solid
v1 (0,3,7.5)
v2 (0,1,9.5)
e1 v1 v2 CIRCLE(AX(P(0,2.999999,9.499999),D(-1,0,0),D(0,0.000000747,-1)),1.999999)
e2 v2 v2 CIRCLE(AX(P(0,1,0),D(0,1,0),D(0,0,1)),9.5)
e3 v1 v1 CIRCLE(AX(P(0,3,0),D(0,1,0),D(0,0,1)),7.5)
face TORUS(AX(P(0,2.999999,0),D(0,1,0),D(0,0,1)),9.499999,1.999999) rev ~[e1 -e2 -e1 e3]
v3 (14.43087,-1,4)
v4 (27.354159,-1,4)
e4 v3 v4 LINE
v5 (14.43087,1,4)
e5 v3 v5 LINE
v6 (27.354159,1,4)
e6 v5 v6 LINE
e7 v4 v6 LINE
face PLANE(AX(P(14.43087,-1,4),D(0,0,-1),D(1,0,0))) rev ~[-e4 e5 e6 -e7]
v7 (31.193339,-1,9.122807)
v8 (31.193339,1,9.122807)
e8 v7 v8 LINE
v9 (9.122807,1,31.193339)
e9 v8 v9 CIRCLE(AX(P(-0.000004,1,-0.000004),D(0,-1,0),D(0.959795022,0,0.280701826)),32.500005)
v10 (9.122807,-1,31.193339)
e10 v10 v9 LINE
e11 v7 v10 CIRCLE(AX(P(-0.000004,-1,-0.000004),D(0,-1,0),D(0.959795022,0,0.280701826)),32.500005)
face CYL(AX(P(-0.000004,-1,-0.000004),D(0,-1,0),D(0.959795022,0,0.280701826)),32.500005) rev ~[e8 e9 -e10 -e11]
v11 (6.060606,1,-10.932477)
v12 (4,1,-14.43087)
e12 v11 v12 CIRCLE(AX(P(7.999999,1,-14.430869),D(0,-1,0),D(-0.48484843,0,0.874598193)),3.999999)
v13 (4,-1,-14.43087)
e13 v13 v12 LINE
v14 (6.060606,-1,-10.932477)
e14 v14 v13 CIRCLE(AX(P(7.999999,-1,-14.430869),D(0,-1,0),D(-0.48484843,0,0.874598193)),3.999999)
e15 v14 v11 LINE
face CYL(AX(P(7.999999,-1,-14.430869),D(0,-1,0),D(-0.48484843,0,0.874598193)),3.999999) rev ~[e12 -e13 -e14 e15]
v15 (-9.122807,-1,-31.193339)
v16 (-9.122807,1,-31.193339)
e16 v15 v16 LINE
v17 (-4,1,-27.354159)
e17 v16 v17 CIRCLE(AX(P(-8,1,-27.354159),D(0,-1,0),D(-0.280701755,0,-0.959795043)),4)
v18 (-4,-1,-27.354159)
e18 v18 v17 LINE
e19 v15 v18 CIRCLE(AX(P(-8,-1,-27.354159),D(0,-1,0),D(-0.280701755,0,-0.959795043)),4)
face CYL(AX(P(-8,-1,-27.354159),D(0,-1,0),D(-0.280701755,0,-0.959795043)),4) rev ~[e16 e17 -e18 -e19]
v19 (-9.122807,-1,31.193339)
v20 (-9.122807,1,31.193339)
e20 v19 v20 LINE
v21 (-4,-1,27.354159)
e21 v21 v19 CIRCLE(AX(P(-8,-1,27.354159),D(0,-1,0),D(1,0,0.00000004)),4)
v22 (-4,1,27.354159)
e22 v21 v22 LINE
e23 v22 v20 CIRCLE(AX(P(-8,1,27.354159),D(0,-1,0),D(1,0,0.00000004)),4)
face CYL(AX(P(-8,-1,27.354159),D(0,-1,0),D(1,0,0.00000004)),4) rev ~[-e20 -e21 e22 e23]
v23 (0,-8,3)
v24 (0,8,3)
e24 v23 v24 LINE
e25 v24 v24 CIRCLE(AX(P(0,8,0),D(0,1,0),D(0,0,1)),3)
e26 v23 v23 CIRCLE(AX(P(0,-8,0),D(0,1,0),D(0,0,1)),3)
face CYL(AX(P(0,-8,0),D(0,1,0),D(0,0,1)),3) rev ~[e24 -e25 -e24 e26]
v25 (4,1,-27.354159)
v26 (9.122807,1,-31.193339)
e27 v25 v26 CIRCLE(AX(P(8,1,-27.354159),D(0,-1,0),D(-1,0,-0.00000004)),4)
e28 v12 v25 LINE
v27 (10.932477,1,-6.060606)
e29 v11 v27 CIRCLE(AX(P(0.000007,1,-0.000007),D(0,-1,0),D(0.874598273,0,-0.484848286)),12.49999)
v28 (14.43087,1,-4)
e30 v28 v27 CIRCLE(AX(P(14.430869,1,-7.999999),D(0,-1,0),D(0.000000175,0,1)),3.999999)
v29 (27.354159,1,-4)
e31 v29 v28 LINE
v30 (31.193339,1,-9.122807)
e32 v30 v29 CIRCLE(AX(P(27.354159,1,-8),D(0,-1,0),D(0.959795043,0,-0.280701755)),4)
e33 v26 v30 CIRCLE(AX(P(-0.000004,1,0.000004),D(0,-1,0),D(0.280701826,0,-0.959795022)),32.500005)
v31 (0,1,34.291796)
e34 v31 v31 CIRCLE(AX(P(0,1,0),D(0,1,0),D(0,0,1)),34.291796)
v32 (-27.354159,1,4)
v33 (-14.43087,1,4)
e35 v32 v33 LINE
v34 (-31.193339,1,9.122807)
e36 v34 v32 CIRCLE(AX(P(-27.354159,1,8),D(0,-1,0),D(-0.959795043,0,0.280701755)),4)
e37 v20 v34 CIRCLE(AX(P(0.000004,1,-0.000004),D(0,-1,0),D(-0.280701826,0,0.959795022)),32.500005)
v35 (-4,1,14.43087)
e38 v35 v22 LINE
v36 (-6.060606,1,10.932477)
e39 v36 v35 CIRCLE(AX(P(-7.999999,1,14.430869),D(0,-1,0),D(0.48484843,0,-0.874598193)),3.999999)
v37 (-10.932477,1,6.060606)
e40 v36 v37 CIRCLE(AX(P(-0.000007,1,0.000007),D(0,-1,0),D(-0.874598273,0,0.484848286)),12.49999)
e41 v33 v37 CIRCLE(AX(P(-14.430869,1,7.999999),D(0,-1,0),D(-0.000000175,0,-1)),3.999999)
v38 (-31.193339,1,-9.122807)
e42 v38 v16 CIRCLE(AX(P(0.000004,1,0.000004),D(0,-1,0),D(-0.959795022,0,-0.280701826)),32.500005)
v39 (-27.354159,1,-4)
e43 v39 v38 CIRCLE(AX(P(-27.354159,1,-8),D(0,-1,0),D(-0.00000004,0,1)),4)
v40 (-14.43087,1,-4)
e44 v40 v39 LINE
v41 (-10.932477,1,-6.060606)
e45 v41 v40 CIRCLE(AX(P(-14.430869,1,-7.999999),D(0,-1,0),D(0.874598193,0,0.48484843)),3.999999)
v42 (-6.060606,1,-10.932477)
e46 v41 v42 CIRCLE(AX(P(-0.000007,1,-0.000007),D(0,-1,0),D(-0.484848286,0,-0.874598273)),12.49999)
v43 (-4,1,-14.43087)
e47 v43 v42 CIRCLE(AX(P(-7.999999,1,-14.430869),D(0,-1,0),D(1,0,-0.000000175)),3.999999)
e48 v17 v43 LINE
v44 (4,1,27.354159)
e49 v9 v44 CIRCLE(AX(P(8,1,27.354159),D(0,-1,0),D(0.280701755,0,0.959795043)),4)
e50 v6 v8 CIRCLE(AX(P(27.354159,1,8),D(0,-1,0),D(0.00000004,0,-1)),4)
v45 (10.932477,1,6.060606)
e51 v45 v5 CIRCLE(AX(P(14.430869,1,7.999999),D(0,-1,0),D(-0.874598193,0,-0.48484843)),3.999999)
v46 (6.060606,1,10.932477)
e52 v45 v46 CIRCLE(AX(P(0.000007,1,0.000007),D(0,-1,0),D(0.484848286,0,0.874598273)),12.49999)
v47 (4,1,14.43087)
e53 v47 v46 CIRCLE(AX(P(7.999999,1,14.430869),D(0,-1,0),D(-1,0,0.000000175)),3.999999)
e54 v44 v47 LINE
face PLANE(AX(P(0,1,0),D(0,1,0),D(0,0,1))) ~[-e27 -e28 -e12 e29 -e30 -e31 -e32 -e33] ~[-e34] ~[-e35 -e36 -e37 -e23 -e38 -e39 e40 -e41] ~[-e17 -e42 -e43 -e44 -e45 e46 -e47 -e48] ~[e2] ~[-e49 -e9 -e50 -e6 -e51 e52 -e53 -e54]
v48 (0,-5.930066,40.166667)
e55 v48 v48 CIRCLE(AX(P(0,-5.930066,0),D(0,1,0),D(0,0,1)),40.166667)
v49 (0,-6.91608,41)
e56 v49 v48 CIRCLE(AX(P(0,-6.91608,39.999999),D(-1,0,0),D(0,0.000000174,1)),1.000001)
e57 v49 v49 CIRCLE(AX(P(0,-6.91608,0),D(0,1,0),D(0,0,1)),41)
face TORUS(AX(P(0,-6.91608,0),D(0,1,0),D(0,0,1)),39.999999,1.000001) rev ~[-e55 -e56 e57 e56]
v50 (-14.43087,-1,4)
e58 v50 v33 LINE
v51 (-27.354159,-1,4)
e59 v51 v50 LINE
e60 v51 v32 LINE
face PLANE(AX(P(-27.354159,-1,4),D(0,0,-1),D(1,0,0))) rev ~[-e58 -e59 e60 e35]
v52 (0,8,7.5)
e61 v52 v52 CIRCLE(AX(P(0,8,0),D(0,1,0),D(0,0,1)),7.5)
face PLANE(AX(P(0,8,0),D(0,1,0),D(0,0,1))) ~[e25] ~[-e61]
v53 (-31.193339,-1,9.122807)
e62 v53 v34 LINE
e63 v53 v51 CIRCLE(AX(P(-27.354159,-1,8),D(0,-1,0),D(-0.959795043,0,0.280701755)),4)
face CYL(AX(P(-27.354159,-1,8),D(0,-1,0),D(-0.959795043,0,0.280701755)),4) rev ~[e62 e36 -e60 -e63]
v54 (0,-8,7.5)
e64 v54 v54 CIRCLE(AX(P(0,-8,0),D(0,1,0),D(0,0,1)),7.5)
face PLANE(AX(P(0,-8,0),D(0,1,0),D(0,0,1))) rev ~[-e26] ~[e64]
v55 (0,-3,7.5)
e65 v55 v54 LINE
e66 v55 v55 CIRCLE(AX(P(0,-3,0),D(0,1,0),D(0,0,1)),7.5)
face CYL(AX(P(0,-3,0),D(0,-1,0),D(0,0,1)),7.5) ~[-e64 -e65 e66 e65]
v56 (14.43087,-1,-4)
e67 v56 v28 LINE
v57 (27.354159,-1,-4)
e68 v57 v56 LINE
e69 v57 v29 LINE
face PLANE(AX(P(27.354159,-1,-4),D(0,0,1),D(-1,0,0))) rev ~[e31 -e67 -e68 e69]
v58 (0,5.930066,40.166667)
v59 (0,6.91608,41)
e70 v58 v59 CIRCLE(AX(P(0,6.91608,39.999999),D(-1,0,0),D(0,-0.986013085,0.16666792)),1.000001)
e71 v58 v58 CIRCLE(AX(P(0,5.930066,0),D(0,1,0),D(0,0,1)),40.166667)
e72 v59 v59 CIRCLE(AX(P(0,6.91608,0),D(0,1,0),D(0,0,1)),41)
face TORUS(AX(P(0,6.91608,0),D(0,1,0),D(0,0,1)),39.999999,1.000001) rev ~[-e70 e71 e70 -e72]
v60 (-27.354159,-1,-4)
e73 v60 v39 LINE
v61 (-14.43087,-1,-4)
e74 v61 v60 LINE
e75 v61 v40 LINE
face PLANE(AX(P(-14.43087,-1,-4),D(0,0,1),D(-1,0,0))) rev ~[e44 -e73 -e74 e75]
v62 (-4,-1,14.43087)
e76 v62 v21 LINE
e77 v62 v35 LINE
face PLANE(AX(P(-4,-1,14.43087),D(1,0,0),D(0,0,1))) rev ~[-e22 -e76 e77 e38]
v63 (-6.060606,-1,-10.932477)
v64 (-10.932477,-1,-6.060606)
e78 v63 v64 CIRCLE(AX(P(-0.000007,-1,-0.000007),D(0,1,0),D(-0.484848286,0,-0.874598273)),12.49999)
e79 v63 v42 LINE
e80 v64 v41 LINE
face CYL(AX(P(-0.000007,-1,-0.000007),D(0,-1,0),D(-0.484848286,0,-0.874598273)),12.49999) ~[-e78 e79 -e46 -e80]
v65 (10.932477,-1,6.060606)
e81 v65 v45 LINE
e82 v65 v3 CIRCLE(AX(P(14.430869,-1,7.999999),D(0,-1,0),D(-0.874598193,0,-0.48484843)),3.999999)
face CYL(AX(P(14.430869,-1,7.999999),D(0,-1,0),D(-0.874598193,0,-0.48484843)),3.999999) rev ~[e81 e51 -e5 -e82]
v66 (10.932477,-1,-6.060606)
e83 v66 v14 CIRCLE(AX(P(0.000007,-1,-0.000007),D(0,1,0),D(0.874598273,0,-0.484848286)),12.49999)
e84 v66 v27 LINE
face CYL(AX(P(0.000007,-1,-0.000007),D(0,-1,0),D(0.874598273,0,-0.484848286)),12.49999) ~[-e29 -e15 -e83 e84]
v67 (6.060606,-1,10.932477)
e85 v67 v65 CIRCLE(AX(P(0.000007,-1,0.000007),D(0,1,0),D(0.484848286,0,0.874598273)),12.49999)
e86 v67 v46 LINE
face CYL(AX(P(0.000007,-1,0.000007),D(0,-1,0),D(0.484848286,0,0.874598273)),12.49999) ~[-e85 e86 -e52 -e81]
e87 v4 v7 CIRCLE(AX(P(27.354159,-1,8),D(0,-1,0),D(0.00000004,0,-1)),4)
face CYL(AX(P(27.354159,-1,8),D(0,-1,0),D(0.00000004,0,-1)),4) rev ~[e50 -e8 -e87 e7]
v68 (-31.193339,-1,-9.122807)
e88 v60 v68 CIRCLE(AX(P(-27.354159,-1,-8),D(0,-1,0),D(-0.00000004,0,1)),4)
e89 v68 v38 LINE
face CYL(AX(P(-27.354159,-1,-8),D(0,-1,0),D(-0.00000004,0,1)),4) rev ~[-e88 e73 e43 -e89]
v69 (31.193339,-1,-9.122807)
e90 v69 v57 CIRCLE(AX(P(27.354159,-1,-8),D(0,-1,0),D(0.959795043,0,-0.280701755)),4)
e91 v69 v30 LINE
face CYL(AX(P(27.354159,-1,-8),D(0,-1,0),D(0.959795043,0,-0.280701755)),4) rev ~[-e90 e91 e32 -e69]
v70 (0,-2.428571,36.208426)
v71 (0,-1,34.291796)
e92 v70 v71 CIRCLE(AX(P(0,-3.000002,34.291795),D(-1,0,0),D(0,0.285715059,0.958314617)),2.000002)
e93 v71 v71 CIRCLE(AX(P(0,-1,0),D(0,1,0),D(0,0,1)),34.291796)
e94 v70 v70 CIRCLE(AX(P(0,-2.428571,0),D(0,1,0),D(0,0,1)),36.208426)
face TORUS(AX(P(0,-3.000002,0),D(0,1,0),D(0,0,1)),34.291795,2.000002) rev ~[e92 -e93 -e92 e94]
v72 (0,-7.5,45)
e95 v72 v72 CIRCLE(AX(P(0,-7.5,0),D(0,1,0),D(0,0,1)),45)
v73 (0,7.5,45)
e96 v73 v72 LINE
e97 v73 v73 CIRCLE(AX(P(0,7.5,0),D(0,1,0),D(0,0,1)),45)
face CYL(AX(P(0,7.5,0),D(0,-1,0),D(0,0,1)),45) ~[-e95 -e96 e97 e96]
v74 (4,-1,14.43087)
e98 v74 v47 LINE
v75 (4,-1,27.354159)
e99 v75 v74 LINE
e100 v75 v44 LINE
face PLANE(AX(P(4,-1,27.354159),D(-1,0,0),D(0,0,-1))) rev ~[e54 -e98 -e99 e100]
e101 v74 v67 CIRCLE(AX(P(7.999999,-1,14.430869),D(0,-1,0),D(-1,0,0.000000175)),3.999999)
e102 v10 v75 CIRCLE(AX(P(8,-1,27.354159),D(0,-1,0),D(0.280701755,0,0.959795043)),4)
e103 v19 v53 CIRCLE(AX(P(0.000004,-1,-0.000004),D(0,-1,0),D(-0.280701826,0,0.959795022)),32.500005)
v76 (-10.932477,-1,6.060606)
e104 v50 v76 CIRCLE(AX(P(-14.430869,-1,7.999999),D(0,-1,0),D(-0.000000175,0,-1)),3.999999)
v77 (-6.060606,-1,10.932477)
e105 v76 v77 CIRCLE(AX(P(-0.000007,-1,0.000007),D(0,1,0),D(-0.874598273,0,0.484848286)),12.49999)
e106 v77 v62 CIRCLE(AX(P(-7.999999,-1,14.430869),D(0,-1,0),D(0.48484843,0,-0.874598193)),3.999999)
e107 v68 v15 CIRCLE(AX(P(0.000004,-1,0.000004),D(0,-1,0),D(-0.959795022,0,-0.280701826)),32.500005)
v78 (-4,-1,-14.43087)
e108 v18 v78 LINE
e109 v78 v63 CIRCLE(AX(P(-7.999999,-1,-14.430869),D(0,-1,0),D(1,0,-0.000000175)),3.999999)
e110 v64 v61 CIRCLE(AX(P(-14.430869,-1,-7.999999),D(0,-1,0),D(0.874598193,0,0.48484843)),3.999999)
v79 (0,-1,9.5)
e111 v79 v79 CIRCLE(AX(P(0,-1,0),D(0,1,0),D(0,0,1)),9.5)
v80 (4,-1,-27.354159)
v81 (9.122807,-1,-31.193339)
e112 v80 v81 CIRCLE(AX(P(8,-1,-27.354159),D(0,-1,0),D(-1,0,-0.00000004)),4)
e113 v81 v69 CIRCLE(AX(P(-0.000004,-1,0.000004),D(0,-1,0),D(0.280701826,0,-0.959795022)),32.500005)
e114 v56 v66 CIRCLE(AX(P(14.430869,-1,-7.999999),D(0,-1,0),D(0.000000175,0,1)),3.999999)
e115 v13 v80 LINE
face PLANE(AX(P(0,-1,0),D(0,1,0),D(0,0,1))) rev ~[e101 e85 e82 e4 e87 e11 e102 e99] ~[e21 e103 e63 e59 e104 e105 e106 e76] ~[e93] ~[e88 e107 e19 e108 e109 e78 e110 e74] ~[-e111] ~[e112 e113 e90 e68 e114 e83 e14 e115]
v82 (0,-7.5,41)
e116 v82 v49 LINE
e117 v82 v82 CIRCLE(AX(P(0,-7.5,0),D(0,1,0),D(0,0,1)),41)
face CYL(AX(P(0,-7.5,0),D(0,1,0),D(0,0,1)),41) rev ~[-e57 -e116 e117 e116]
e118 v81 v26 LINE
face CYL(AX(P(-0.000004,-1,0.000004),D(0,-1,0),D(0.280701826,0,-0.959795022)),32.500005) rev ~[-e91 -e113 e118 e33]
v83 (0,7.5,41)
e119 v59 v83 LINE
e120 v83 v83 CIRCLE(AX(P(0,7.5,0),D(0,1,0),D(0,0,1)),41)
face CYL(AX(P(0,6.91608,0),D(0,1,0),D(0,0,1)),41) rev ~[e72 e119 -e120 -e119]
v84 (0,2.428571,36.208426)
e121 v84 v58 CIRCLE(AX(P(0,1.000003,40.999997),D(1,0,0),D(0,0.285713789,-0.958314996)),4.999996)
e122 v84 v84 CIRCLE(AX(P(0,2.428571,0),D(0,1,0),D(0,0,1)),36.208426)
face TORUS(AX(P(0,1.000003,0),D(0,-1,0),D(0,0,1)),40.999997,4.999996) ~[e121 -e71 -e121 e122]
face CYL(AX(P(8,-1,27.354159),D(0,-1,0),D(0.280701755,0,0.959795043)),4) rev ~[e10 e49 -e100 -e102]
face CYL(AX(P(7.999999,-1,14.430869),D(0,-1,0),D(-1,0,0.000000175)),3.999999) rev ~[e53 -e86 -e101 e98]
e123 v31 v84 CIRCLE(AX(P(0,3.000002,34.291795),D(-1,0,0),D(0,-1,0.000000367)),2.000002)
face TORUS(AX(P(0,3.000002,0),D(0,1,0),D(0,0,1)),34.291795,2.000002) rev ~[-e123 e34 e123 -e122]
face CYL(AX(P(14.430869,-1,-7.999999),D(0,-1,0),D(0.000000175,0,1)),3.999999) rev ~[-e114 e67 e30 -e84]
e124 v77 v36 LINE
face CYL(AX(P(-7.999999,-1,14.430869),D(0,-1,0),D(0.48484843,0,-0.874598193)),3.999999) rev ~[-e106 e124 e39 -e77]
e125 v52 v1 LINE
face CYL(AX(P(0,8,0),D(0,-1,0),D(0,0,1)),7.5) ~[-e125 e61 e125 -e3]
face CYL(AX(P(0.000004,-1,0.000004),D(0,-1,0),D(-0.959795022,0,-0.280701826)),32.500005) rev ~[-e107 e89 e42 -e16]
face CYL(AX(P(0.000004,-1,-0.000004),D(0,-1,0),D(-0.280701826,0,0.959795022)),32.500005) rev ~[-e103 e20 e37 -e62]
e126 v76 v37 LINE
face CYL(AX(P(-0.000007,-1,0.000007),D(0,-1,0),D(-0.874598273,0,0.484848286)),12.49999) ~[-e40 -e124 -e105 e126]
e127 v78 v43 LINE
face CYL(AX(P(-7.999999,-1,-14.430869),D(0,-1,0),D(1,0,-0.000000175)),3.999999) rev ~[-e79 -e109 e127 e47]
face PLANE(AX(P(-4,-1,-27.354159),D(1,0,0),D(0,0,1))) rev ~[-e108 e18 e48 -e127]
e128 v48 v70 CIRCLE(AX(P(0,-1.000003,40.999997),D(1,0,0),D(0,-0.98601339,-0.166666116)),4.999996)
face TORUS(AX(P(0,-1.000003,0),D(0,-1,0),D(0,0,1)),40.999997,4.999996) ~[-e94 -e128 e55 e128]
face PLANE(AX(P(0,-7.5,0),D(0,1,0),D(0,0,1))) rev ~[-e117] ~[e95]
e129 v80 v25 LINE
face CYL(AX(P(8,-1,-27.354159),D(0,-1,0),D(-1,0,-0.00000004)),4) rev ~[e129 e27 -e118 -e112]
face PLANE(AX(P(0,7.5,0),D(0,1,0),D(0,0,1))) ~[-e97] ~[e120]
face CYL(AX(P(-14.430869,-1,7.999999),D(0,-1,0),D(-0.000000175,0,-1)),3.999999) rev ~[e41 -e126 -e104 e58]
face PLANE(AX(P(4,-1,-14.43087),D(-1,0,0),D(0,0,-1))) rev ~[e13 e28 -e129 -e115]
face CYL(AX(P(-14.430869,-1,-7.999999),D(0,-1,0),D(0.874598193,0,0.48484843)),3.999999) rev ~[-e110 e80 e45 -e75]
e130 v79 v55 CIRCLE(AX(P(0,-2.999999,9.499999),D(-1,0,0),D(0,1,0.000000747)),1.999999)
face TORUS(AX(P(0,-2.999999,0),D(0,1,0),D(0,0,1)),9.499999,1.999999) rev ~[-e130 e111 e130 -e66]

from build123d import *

# Parameters (mm, degrees)
F3_DEPTH = 25


with BuildPart() as f1:
    # F0 (on Right) → F1 (revolve)
    with BuildSketch(Plane.YZ):
        with BuildLine():
            Line((-8, 7.5), (-8, 3))
            Line((-8, 3), (8, 3))
            Line((8, 3), (8, 7.5))
            Line((8, 7.5), (3, 7.5))
            ThreePointArc((3, 7.5), (1.585786, 8.085786), (1, 9.5))
            Line((1, 9.5), (1, 34.291796))
            ThreePointArc((1, 34.291796), (1.396433, 35.487025), (2.428571, 36.208426))
            ThreePointArc((2.428571, 36.208426), (4.744995, 37.687144), (5.930066, 40.166667))
            ThreePointArc((5.930066, 40.166667), (6.270583, 40.763763), (6.91608, 41))
            Line((6.91608, 41), (7.5, 41))
            Line((7.5, 41), (7.5, 45))
            Line((7.5, 45), (-7.5, 45))
            Line((-7.5, 45), (-7.5, 41))
            Line((-7.5, 41), (-6.91608, 41))
            ThreePointArc((-6.91608, 41), (-6.270583, 40.763763), (-5.930066, 40.166667))
            ThreePointArc((-5.930066, 40.166667), (-4.744995, 37.687144), (-2.428571, 36.208426))
            ThreePointArc((-2.428571, 36.208426), (-1.396433, 35.487025), (-1, 34.291796))
            Line((-1, 34.291796), (-1, 9.5))
            ThreePointArc((-1, 9.5), (-1.585786, 8.085786), (-3, 7.5))
            Line((-3, 7.5), (-8, 7.5))
        make_face()
    revolve(axis=Axis((0, 0, 0), (0, 1, 0)))

    # F2 (on face) → F3 (cut)
    with BuildSketch(Plane.XZ.offset(1)):
        with BuildLine():
            ThreePointArc((-14.43087, 4), (-12.400793, 4.553438), (-10.932477, 6.060606))
            ThreePointArc((-10.932477, 6.060606), (-8.838835, 8.838835), (-6.060606, 10.932477))
            ThreePointArc((-6.060606, 10.932477), (-4.553438, 12.400793), (-4, 14.43087))
            Line((-4, 14.43087), (-4, 27.354159))
            ThreePointArc((-4, 27.354159), (-5.60117, 30.555036), (-9.122807, 31.193339))
            ThreePointArc((-9.122807, 31.193339), (-22.98097, 22.98097), (-31.193339, 9.122807))
            ThreePointArc((-31.193339, 9.122807), (-30.555036, 5.60117), (-27.354159, 4))
            Line((-27.354159, 4), (-14.43087, 4))
        make_face()
        with BuildLine():
            ThreePointArc((-4, -14.43087), (-4.553438, -12.400793), (-6.060606, -10.932477))
            ThreePointArc((-6.060606, -10.932477), (-8.838835, -8.838835), (-10.932477, -6.060606))
            ThreePointArc((-10.932477, -6.060606), (-12.400793, -4.553438), (-14.43087, -4))
            Line((-14.43087, -4), (-27.354159, -4))
            ThreePointArc((-27.354159, -4), (-30.555036, -5.60117), (-31.193339, -9.122807))
            ThreePointArc((-31.193339, -9.122807), (-22.98097, -22.98097), (-9.122807, -31.193339))
            ThreePointArc((-9.122807, -31.193339), (-5.60117, -30.555036), (-4, -27.354159))
            Line((-4, -27.354159), (-4, -14.43087))
        make_face()
        with BuildLine():
            ThreePointArc((14.43087, -4), (12.400793, -4.553438), (10.932477, -6.060606))
            ThreePointArc((10.932477, -6.060606), (8.838835, -8.838835), (6.060606, -10.932477))
            ThreePointArc((6.060606, -10.932477), (4.553438, -12.400793), (4, -14.43087))
            Line((4, -14.43087), (4, -27.354159))
            ThreePointArc((4, -27.354159), (5.60117, -30.555036), (9.122807, -31.193339))
            ThreePointArc((9.122807, -31.193339), (22.98097, -22.98097), (31.193339, -9.122807))
            ThreePointArc((31.193339, -9.122807), (30.555036, -5.60117), (27.354159, -4))
            Line((27.354159, -4), (14.43087, -4))
        make_face()
        with BuildLine():
            ThreePointArc((4, 14.43087), (4.553438, 12.400793), (6.060606, 10.932477))
            ThreePointArc((6.060606, 10.932477), (8.838835, 8.838835), (10.932477, 6.060606))
            ThreePointArc((10.932477, 6.060606), (12.400793, 4.553438), (14.43087, 4))
            Line((14.43087, 4), (27.354159, 4))
            ThreePointArc((27.354159, 4), (30.555036, 5.60117), (31.193339, 9.122807))
            ThreePointArc((31.193339, 9.122807), (22.98097, 22.98097), (9.122807, 31.193339))
            ThreePointArc((9.122807, 31.193339), (5.60117, 30.555036), (4, 27.354159))
            Line((4, 27.354159), (4, 14.43087))
        make_face()
    extrude(amount=-F3_DEPTH, mode=Mode.SUBTRACT)


solid = f1.part
